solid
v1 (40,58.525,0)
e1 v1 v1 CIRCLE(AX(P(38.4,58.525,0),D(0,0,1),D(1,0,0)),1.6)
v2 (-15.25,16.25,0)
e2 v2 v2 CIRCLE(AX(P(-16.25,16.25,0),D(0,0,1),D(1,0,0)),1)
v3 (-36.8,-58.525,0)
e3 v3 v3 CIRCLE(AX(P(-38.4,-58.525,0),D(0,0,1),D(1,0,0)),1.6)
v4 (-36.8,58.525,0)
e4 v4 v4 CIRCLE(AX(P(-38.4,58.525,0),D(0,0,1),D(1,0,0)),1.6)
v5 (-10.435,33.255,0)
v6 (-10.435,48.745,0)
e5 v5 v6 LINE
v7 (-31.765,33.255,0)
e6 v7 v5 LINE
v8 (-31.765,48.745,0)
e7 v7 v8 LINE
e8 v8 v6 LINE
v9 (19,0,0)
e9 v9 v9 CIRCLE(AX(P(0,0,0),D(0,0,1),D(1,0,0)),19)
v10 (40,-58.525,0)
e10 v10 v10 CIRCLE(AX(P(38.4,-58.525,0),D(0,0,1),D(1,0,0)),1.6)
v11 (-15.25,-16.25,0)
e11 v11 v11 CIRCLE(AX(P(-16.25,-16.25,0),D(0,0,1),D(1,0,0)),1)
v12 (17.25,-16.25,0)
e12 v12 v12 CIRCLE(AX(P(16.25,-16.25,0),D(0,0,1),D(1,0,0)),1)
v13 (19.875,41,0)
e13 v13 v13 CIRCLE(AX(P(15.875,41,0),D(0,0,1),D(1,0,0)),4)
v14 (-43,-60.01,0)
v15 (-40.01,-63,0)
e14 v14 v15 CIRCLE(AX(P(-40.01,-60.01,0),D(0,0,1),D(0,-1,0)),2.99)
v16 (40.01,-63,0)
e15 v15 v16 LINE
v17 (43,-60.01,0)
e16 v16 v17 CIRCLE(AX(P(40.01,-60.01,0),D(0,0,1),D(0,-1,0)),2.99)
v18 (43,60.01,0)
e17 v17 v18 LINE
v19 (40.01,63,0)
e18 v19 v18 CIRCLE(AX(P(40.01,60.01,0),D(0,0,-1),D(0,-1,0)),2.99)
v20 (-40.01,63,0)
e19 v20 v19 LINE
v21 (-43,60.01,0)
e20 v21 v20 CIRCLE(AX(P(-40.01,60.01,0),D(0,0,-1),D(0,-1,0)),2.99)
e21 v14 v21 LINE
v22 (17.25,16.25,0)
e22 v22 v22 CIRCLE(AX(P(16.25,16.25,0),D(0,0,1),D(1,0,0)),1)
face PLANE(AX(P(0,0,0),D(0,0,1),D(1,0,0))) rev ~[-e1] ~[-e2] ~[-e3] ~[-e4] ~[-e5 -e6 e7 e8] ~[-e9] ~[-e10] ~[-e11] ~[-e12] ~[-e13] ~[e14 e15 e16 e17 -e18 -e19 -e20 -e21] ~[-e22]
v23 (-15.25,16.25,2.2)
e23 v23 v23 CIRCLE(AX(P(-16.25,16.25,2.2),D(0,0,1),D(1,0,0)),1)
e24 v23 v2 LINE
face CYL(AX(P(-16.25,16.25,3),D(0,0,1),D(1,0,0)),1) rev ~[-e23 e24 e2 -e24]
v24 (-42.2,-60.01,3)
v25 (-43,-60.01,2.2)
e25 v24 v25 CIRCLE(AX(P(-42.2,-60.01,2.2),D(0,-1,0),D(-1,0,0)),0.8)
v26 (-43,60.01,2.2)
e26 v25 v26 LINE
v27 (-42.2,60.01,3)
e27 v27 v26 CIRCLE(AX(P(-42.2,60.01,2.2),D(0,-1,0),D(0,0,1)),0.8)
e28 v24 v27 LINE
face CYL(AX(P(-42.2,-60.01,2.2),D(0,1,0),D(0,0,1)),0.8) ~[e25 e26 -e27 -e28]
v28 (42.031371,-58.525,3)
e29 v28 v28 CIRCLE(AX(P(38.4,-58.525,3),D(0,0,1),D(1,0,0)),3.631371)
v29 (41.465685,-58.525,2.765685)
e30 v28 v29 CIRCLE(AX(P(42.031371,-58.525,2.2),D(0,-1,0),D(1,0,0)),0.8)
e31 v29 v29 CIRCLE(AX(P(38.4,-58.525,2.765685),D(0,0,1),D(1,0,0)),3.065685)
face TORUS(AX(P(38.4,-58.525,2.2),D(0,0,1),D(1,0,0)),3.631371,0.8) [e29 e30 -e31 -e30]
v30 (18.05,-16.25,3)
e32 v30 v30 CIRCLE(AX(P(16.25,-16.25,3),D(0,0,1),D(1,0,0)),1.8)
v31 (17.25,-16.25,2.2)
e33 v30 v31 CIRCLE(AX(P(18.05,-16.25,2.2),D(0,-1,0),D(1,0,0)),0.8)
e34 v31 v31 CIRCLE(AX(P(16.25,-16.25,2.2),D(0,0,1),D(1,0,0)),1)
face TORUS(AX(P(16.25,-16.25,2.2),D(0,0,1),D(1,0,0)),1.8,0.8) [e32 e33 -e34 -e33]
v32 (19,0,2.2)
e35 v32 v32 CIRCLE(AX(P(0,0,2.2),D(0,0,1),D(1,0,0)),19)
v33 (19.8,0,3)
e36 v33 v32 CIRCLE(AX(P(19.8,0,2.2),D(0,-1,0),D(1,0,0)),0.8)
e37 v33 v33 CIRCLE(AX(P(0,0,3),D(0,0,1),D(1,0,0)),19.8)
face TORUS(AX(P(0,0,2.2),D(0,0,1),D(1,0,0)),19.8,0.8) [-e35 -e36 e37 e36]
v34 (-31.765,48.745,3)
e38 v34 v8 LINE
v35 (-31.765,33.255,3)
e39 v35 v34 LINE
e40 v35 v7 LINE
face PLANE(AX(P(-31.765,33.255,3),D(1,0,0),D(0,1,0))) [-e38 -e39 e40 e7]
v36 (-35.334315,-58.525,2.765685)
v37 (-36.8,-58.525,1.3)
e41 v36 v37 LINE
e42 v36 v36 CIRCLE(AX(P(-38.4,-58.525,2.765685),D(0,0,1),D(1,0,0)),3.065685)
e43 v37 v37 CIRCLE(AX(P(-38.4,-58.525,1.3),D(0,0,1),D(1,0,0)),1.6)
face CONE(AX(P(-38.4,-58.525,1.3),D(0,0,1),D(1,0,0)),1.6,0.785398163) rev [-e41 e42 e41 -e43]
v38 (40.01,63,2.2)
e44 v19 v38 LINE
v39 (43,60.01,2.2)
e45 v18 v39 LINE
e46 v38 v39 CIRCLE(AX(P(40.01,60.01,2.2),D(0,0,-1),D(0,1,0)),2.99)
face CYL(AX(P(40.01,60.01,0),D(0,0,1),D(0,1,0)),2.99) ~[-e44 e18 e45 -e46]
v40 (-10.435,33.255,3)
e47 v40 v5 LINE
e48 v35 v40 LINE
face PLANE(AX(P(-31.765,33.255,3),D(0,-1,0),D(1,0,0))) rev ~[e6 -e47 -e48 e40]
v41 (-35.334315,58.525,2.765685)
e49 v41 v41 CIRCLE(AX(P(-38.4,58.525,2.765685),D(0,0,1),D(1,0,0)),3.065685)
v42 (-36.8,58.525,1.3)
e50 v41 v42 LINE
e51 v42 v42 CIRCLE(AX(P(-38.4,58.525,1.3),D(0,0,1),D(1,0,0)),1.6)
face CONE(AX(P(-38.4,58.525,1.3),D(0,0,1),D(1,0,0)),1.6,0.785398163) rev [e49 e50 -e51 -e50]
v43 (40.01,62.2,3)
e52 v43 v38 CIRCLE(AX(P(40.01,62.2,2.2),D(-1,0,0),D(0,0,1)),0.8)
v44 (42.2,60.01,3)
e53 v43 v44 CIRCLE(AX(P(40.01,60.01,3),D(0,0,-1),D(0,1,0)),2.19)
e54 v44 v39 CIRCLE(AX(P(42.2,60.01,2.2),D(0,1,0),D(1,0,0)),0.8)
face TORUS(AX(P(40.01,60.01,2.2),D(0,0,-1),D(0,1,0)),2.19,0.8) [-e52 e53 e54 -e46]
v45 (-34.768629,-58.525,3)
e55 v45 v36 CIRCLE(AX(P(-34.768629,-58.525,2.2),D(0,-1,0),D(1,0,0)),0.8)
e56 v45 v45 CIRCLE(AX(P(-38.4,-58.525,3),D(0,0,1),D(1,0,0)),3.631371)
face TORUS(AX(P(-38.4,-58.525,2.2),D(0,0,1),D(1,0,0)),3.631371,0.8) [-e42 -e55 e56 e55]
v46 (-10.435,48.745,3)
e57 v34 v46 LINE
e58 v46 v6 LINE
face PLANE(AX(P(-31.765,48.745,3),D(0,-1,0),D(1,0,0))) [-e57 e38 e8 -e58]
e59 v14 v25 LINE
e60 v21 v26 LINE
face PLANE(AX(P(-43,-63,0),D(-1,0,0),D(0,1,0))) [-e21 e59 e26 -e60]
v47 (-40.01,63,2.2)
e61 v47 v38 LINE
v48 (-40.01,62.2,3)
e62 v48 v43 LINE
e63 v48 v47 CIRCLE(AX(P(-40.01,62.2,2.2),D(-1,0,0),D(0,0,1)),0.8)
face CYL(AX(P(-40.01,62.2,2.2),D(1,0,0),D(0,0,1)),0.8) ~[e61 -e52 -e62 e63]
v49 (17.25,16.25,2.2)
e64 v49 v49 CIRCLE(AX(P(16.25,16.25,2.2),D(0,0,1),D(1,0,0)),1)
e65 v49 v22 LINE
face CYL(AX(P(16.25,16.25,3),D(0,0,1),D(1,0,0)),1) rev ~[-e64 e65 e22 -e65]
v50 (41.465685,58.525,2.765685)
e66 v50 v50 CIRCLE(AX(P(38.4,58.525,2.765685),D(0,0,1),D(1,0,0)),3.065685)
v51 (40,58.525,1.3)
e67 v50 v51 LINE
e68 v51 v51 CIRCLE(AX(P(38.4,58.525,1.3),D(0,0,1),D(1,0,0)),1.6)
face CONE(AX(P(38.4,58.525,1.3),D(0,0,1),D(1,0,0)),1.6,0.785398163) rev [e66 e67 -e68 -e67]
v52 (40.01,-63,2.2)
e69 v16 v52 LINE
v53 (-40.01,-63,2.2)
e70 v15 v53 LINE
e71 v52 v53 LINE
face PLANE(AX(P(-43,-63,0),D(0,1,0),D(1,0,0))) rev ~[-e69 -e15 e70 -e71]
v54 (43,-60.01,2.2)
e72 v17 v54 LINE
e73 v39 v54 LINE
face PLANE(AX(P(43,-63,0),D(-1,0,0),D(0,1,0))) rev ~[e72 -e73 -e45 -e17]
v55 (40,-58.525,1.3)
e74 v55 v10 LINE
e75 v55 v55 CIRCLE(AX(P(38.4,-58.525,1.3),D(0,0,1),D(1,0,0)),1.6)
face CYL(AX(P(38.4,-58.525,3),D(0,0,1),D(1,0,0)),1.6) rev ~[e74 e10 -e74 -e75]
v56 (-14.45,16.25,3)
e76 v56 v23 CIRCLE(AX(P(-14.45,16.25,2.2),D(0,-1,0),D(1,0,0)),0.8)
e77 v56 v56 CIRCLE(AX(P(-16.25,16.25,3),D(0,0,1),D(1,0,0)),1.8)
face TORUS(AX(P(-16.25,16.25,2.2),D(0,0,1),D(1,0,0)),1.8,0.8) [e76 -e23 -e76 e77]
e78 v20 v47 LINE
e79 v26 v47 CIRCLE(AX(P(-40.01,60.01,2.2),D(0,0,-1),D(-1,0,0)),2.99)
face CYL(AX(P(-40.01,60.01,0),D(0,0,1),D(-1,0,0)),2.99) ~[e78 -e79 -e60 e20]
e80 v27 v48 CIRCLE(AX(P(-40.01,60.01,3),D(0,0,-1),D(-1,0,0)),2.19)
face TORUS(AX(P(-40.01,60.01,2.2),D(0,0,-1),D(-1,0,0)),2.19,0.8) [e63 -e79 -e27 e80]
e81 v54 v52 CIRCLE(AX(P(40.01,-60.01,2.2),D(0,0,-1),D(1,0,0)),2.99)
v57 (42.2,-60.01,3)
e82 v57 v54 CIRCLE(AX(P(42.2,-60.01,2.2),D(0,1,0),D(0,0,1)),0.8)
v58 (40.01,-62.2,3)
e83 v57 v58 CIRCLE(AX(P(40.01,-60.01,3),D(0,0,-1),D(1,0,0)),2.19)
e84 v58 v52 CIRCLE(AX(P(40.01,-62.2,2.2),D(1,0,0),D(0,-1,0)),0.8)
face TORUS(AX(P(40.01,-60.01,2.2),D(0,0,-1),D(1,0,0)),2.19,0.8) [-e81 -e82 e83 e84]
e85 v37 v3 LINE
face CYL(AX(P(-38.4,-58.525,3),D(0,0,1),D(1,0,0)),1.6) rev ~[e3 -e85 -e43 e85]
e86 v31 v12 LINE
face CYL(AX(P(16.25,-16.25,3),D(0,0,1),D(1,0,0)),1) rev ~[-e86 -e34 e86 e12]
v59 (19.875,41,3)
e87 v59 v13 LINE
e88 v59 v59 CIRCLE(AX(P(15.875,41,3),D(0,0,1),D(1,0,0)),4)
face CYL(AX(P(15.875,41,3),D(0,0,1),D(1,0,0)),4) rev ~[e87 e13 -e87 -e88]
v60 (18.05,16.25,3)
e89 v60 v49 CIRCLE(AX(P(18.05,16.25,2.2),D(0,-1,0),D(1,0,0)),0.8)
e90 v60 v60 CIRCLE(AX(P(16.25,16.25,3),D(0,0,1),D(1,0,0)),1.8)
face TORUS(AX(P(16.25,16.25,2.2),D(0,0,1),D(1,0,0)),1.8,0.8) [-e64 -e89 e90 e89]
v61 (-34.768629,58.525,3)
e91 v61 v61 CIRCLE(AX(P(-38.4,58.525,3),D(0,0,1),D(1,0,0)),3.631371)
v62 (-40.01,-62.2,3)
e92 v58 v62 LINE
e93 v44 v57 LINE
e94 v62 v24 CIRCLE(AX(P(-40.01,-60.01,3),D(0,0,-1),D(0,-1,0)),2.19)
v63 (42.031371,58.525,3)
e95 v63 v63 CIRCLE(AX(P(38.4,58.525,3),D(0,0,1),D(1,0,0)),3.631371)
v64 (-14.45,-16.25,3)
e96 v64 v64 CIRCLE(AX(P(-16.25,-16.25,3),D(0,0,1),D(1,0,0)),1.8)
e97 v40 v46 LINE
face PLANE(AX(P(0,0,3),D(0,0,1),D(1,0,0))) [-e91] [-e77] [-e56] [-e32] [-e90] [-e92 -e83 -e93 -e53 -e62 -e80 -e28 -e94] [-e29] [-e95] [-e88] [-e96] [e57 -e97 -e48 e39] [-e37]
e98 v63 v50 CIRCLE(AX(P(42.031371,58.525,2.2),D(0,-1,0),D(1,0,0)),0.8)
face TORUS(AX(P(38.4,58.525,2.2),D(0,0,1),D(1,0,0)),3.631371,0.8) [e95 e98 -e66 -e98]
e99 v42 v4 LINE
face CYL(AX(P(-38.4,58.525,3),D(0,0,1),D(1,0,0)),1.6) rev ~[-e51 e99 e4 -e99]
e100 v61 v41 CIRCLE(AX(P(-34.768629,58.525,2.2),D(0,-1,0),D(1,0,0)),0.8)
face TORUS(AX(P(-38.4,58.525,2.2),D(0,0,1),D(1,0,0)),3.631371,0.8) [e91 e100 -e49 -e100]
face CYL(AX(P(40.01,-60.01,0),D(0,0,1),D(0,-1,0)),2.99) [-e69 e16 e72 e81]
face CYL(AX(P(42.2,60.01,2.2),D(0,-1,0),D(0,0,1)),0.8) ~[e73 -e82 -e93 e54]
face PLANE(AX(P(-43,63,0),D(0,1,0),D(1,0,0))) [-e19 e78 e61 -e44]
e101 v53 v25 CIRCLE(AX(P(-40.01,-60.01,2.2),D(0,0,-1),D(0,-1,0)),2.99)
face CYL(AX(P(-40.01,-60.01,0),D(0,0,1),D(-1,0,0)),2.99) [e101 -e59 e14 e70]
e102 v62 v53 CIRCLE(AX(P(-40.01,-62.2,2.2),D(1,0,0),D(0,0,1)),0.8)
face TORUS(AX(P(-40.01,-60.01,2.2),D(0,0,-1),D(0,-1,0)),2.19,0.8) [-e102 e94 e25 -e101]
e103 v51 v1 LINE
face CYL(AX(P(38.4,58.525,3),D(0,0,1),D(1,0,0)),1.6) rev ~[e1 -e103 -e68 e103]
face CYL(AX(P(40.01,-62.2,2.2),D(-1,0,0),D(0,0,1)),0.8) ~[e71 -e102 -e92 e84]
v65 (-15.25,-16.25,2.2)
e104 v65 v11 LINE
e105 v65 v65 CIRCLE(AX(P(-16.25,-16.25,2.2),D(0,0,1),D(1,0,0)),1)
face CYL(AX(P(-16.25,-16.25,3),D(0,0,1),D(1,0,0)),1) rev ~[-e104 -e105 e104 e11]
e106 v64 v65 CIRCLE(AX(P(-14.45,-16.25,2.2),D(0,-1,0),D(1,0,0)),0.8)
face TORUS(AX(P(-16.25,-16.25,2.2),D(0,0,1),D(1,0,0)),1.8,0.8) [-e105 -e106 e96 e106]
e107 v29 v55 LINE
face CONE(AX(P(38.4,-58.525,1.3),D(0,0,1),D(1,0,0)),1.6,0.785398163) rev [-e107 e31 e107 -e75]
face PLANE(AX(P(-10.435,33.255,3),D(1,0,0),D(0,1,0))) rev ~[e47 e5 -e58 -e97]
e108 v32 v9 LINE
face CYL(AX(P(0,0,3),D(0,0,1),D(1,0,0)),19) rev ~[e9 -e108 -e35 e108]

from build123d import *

# Parameters (mm, degrees)
SKETCH_W        = 86
SKETCH_H        = 126
PAD_DEPTH       = 3
SKETCH001_R     = 19
SKETCH001_R_2   = 1
SKETCH001_R_3   = 1.6
POCKET_DEPTH    = 5
FILLET_R        = 2.99
CHAMFER_SIZE    = 1.7
FILLET001_R     = 0.8
SKETCH002_R     = 4
SKETCH002_W     = 21.33
SKETCH002_H     = 15.49
POCKET001_DEPTH = 3.001


with BuildPart() as part:
    # Sketch → Pad (new body)
    with BuildSketch(Plane.XY):
        Rectangle(SKETCH_W, SKETCH_H)
    extrude(amount=PAD_DEPTH)

    # Sketch001 (on Face6 of Pad) → Pocket (cut)
    with BuildSketch(Plane.XY.offset(3)):
        Circle(SKETCH001_R)
        with Locations((-16.25, 16.25)):
            Circle(SKETCH001_R_2)
        with Locations((16.25, 16.25)):
            Circle(SKETCH001_R_2)
        with Locations((16.25, -16.25)):
            Circle(SKETCH001_R_2)
        with Locations((-16.25, -16.25)):
            Circle(SKETCH001_R_2)
        with Locations((-38.4, 58.525)):
            Circle(SKETCH001_R_3)
        with Locations((38.4, 58.525)):
            Circle(SKETCH001_R_3)
        with Locations((38.4, -58.525)):
            Circle(SKETCH001_R_3)
        with Locations((-38.4, -58.525)):
            Circle(SKETCH001_R_3)
    extrude(amount=-POCKET_DEPTH, mode=Mode.SUBTRACT)

    # Fillet
    fillet_edges = [part.edges().sort_by_distance(p)[0] for p in [
        (-43, -63, 1.5),
        (43, -63, 1.5),
        (43, 63, 1.5),
        (-43, 63, 1.5),
    ]]
    fillet(fillet_edges, radius=FILLET_R)

    # Chamfer
    chamfer_edges = [part.edges().sort_by_distance(p)[0] for p in [
        (-40, 58.525, 3),
        (36.8, 58.525, 3),
        (36.8, -58.525, 3),
        (-40, -58.525, 3),
    ]]
    chamfer(chamfer_edges, length=CHAMFER_SIZE)

    # Fillet001
    fillet001_edges = [part.edges().sort_by_distance(p)[0] for p in [
        (-41.7, 58.525, 3),
        (0, 63, 3),
        (-42.124249, 62.124249, 3),
        (42.124249, 62.124249, 3),
        (-43, 0, 3),
        (43, 0, 3),
        (-42.124249, -62.124249, 3),
        (42.124249, -62.124249, 3),
        (0, -63, 3),
        (15.25, -16.25, 3),
        (-19, 0, 3),
        (-17.25, -16.25, 3),
        (-17.25, 16.25, 3),
        (15.25, 16.25, 3),
        (35.1, 58.525, 3),
        (35.1, -58.525, 3),
        (-41.7, -58.525, 3),
    ]]
    fillet(fillet001_edges, radius=FILLET001_R)

    # Sketch002 (on Face1 of Fillet001) → Pocket001 (cut, through all)
    with BuildSketch(Plane.XY.offset(3)):
        with Locations((15.875, 41)):
            Circle(SKETCH002_R)
        with Locations((-21.1, 41)):
            Rectangle(SKETCH002_W, SKETCH002_H)
    extrude(amount=-POCKET001_DEPTH, mode=Mode.SUBTRACT)


solid = part.part
